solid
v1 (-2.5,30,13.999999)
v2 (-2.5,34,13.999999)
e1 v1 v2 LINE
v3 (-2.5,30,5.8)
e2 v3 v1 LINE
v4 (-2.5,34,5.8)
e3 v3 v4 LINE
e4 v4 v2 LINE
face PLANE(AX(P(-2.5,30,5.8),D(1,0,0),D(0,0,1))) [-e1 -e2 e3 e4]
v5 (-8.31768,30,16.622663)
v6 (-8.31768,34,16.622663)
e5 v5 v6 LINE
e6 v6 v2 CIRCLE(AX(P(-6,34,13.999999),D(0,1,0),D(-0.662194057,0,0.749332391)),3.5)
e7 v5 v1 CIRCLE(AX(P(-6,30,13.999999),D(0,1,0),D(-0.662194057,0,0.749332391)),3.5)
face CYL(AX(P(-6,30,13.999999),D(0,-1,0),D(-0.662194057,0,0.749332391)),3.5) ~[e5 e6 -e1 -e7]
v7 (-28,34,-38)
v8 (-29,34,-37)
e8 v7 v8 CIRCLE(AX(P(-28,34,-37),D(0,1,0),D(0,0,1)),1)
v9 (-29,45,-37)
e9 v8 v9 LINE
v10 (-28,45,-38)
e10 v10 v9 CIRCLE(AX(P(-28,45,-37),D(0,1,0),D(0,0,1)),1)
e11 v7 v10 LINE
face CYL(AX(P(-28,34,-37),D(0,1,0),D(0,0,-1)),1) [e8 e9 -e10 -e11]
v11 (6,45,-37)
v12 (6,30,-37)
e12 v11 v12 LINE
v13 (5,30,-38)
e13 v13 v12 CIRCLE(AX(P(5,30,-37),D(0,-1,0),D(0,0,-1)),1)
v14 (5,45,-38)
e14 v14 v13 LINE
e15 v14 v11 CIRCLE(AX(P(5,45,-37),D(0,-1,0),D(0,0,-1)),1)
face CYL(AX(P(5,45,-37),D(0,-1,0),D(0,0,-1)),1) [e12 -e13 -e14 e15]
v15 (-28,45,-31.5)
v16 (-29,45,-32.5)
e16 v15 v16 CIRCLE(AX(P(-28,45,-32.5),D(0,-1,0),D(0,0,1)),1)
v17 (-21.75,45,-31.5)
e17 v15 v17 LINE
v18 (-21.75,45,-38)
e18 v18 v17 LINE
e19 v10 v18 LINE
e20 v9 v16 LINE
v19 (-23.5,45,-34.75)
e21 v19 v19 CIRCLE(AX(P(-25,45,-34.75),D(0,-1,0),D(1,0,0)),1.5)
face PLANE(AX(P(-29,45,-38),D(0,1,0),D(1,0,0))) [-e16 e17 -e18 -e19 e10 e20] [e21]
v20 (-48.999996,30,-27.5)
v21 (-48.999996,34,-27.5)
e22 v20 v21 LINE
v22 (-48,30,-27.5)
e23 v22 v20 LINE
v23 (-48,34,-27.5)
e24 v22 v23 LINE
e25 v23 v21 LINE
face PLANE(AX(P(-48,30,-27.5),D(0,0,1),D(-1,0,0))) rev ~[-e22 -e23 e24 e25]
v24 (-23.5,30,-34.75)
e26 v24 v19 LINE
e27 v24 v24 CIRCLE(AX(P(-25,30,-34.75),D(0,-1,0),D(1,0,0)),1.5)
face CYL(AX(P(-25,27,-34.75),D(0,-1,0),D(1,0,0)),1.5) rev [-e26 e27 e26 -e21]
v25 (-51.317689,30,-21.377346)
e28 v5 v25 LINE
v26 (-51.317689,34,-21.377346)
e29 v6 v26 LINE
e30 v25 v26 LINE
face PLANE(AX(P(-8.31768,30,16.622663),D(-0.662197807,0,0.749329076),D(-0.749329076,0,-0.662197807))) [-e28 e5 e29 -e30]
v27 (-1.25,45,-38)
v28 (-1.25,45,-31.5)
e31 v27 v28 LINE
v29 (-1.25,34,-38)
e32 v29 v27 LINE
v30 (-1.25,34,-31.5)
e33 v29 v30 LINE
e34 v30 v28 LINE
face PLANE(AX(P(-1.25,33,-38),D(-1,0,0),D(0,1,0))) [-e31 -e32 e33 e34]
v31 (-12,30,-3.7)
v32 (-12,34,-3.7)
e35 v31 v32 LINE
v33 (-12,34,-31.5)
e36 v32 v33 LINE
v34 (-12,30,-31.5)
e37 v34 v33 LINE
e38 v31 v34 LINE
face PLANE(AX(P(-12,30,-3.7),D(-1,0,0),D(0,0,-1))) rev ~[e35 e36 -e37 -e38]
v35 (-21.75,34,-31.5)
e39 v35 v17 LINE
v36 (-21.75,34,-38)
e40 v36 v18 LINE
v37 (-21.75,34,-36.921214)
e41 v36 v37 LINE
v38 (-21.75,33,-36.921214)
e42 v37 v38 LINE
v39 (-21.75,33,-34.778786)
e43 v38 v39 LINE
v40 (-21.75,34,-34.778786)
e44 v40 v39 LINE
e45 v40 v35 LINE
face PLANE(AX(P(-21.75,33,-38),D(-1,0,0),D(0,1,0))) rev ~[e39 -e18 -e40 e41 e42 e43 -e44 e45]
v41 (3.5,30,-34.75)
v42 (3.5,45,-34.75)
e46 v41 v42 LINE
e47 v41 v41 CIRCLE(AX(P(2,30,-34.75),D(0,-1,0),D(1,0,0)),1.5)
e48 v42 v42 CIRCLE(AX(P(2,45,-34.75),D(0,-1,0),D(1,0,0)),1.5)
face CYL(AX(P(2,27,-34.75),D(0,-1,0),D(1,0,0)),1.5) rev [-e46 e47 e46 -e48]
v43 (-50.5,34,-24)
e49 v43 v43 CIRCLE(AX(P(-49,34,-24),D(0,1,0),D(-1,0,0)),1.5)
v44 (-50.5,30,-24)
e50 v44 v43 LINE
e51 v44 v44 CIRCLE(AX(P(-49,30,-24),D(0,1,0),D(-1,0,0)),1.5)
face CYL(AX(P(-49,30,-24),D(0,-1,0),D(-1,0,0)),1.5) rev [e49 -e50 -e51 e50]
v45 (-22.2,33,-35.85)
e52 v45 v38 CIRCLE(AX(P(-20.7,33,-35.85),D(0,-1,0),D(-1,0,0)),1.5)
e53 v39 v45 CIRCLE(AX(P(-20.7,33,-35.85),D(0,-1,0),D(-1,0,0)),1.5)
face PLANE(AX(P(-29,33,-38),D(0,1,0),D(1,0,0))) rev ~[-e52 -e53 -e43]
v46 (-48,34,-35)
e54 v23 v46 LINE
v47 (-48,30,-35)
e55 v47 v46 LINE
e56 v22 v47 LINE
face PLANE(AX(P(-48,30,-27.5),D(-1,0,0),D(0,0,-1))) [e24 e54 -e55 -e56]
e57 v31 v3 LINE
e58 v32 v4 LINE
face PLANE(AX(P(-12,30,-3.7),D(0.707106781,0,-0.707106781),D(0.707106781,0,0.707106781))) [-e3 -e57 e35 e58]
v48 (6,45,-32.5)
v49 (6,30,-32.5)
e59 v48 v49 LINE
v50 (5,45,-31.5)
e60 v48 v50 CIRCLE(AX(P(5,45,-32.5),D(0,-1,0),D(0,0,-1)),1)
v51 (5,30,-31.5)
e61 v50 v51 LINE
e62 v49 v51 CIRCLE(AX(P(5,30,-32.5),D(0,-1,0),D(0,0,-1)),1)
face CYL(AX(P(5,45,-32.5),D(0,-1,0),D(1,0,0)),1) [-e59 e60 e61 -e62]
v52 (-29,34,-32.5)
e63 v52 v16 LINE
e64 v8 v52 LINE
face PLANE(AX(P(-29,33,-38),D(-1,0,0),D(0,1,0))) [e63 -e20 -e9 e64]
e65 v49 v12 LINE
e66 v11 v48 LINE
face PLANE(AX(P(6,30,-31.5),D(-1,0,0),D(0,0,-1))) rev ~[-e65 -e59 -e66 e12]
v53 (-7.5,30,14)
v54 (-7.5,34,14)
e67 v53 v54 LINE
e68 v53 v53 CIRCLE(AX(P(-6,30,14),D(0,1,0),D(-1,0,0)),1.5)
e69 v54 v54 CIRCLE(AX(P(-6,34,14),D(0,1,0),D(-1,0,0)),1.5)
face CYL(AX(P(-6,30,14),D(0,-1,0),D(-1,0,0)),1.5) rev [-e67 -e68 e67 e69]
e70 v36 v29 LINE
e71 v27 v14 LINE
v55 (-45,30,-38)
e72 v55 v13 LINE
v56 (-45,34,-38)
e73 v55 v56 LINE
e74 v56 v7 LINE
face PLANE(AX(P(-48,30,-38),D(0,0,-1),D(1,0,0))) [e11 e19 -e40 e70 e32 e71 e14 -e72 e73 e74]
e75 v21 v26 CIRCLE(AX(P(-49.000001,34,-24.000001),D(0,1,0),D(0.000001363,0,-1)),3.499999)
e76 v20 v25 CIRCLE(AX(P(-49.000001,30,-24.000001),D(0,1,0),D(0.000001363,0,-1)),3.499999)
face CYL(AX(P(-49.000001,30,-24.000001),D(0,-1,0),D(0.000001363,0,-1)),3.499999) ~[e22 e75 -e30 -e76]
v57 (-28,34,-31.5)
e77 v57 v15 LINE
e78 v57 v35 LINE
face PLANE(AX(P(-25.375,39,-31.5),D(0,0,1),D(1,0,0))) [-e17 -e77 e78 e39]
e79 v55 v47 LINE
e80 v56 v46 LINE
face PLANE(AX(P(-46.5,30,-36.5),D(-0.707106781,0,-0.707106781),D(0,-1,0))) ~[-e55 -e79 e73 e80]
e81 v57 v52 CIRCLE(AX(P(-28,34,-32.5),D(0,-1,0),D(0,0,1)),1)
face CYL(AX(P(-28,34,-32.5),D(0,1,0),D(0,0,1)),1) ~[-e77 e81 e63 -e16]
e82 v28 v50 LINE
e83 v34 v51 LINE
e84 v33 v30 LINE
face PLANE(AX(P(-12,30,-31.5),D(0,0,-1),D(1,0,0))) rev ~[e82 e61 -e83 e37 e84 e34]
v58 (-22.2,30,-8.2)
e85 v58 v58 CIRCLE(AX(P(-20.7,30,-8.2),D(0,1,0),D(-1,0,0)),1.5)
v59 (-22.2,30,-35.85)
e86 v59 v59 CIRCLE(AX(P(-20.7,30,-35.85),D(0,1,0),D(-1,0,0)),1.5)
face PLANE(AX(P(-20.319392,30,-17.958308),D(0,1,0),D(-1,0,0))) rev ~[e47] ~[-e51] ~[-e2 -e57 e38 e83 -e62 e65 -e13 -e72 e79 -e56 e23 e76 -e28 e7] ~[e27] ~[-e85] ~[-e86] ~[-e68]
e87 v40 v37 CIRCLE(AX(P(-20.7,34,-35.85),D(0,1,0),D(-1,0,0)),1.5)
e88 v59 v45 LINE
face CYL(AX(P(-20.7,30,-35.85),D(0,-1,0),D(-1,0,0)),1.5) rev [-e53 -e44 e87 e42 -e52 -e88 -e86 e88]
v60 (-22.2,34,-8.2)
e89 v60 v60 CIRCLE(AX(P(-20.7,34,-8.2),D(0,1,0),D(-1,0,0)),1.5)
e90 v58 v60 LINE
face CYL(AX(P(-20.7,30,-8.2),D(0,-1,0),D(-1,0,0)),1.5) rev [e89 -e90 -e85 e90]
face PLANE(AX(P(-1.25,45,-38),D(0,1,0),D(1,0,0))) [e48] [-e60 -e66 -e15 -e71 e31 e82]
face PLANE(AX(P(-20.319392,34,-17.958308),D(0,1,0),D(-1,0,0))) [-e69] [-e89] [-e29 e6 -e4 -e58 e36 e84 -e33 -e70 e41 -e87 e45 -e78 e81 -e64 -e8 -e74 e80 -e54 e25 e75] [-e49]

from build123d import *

# Parameters (mm, degrees)
CYLINDER035_R          = 1.5
CYLINDER035_DEPTH      = 30
CYLINDER035_ROLL_ANGLE = -90
CYLINDER034_R          = 1.5
CYLINDER034_DEPTH      = 30
CYLINDER034_ROLL_ANGLE = -90
BOX033_W               = 7.25
BOX033_H               = 12
BOX033_DEPTH           = 6.5
BOX032_W               = 7.25
BOX032_H               = 12
BOX032_DEPTH           = 6.5
SKETCH019_R            = 1.5
PAD017_DEPTH           = 4
FILLET027_R            = 1
CHAMFER008_SIZE        = 3


with BuildPart() as cylinder035:
    # Cylinder035 → Cylinder035 (new body)
    with BuildSketch(Plane.XY):
        Circle(CYLINDER035_R)
    extrude(amount=CYLINDER035_DEPTH)


with BuildPart() as cylinder035_1:
    # Cylinder035 roll: moved
    add(cylinder035.part.rotate(Axis((0, 0, 0), (1, 0, 0)), CYLINDER035_ROLL_ANGLE))


with BuildPart() as cylinder035_2:
    # Cylinder035 placement: moved
    add(cylinder035_1.part.moved(Location((-25, 27, -34.75))))


with BuildPart() as fusion031:
    # Cylinder034 → Cylinder034 (new body)
    with BuildSketch(Plane.XY):
        Circle(CYLINDER034_R)
    extrude(amount=CYLINDER034_DEPTH)


with BuildPart() as fusion031_1:
    # Cylinder034 roll: moved
    add(fusion031.part.rotate(Axis((0, 0, 0), (1, 0, 0)), CYLINDER034_ROLL_ANGLE))


with BuildPart() as fusion031_2:
    # Cylinder034 placement: moved
    add(fusion031_1.part.moved(Location((2, 27, -34.75))))

    # Fusion031: union Cylinder035
    add(cylinder035_2.part)


with BuildPart() as cube033:
    # Box033 → Box033 (new body)
    with BuildSketch(Plane(origin=(-29, 33, -38), x_dir=(1, 0, 0), z_dir=(0, 0, 1))):
        with Locations((3.625, 6)):
            Rectangle(BOX033_W, BOX033_H)
    extrude(amount=BOX033_DEPTH)


with BuildPart() as cube032:
    # Box032 → Box032 (new body)
    with BuildSketch(Plane(origin=(-1.25, 33, -38), x_dir=(1, 0, 0), z_dir=(0, 0, 1))):
        with Locations((3.625, 6)):
            Rectangle(BOX032_W, BOX032_H)
    extrude(amount=BOX032_DEPTH)


with BuildPart() as chamfer008:
    # Sketch019 → Pad017 (new body)
    with BuildSketch(Plane(origin=(0, 30, 0), x_dir=(-1, 0, 0), z_dir=(0, 1, 0))):
        with BuildLine():
            ThreePointArc((8.31768, 16.622663), (4.561577, 17.190758), (2.5, 13.999999))
            Line((2.5, 5.8), (2.5, 13.999999))
            Line((12, -3.7), (2.5, 5.8))
            Line((12, -3.7), (12, -31.5))
            Line((12, -31.5), (-6, -31.5))
            Line((-6, -31.5), (-6, -38))
            Line((48, -38), (-6, -38))
            Line((48, -27.5), (48, -38))
            Line((48, -27.5), (48.999996, -27.5))
            ThreePointArc((48.999996, -27.5), (52.273323, -25.239096), (51.317689, -21.377346))
            Line((8.31768, 16.622663), (51.317689, -21.377346))
        make_face()
        with Locations((6, 14)):
            Circle(SKETCH019_R, mode=Mode.SUBTRACT)
        with Locations((49, -24)):
            Circle(SKETCH019_R, mode=Mode.SUBTRACT)
        with Locations((20.7, -35.85)):
            Circle(SKETCH019_R, mode=Mode.SUBTRACT)
        with Locations((20.7, -8.2)):
            Circle(SKETCH019_R, mode=Mode.SUBTRACT)
    extrude(amount=PAD017_DEPTH)

    # Fusion030: union Cube033, Cube032
    add(cube033.part)
    add(cube032.part)

    # Fillet027
    fillet027_edges = [chamfer008.edges().sort_by_distance(p)[0] for p in [
        (-29, 39.5, -31.5),
        (-29, 39.5, -38),
        (6, 37.5, -38),
        (6, 37.5, -31.5),
    ]]
    fillet(fillet027_edges, radius=FILLET027_R)

    # Cut038: cut Fusion031
    add(fusion031_2.part, mode=Mode.SUBTRACT)

    # Chamfer008
    chamfer008_edges = [chamfer008.edges().sort_by_distance(p)[0] for p in [
        (-48, 32, -38),
    ]]
    chamfer(chamfer008_edges, length=CHAMFER008_SIZE)


solid = chamfer008.part
